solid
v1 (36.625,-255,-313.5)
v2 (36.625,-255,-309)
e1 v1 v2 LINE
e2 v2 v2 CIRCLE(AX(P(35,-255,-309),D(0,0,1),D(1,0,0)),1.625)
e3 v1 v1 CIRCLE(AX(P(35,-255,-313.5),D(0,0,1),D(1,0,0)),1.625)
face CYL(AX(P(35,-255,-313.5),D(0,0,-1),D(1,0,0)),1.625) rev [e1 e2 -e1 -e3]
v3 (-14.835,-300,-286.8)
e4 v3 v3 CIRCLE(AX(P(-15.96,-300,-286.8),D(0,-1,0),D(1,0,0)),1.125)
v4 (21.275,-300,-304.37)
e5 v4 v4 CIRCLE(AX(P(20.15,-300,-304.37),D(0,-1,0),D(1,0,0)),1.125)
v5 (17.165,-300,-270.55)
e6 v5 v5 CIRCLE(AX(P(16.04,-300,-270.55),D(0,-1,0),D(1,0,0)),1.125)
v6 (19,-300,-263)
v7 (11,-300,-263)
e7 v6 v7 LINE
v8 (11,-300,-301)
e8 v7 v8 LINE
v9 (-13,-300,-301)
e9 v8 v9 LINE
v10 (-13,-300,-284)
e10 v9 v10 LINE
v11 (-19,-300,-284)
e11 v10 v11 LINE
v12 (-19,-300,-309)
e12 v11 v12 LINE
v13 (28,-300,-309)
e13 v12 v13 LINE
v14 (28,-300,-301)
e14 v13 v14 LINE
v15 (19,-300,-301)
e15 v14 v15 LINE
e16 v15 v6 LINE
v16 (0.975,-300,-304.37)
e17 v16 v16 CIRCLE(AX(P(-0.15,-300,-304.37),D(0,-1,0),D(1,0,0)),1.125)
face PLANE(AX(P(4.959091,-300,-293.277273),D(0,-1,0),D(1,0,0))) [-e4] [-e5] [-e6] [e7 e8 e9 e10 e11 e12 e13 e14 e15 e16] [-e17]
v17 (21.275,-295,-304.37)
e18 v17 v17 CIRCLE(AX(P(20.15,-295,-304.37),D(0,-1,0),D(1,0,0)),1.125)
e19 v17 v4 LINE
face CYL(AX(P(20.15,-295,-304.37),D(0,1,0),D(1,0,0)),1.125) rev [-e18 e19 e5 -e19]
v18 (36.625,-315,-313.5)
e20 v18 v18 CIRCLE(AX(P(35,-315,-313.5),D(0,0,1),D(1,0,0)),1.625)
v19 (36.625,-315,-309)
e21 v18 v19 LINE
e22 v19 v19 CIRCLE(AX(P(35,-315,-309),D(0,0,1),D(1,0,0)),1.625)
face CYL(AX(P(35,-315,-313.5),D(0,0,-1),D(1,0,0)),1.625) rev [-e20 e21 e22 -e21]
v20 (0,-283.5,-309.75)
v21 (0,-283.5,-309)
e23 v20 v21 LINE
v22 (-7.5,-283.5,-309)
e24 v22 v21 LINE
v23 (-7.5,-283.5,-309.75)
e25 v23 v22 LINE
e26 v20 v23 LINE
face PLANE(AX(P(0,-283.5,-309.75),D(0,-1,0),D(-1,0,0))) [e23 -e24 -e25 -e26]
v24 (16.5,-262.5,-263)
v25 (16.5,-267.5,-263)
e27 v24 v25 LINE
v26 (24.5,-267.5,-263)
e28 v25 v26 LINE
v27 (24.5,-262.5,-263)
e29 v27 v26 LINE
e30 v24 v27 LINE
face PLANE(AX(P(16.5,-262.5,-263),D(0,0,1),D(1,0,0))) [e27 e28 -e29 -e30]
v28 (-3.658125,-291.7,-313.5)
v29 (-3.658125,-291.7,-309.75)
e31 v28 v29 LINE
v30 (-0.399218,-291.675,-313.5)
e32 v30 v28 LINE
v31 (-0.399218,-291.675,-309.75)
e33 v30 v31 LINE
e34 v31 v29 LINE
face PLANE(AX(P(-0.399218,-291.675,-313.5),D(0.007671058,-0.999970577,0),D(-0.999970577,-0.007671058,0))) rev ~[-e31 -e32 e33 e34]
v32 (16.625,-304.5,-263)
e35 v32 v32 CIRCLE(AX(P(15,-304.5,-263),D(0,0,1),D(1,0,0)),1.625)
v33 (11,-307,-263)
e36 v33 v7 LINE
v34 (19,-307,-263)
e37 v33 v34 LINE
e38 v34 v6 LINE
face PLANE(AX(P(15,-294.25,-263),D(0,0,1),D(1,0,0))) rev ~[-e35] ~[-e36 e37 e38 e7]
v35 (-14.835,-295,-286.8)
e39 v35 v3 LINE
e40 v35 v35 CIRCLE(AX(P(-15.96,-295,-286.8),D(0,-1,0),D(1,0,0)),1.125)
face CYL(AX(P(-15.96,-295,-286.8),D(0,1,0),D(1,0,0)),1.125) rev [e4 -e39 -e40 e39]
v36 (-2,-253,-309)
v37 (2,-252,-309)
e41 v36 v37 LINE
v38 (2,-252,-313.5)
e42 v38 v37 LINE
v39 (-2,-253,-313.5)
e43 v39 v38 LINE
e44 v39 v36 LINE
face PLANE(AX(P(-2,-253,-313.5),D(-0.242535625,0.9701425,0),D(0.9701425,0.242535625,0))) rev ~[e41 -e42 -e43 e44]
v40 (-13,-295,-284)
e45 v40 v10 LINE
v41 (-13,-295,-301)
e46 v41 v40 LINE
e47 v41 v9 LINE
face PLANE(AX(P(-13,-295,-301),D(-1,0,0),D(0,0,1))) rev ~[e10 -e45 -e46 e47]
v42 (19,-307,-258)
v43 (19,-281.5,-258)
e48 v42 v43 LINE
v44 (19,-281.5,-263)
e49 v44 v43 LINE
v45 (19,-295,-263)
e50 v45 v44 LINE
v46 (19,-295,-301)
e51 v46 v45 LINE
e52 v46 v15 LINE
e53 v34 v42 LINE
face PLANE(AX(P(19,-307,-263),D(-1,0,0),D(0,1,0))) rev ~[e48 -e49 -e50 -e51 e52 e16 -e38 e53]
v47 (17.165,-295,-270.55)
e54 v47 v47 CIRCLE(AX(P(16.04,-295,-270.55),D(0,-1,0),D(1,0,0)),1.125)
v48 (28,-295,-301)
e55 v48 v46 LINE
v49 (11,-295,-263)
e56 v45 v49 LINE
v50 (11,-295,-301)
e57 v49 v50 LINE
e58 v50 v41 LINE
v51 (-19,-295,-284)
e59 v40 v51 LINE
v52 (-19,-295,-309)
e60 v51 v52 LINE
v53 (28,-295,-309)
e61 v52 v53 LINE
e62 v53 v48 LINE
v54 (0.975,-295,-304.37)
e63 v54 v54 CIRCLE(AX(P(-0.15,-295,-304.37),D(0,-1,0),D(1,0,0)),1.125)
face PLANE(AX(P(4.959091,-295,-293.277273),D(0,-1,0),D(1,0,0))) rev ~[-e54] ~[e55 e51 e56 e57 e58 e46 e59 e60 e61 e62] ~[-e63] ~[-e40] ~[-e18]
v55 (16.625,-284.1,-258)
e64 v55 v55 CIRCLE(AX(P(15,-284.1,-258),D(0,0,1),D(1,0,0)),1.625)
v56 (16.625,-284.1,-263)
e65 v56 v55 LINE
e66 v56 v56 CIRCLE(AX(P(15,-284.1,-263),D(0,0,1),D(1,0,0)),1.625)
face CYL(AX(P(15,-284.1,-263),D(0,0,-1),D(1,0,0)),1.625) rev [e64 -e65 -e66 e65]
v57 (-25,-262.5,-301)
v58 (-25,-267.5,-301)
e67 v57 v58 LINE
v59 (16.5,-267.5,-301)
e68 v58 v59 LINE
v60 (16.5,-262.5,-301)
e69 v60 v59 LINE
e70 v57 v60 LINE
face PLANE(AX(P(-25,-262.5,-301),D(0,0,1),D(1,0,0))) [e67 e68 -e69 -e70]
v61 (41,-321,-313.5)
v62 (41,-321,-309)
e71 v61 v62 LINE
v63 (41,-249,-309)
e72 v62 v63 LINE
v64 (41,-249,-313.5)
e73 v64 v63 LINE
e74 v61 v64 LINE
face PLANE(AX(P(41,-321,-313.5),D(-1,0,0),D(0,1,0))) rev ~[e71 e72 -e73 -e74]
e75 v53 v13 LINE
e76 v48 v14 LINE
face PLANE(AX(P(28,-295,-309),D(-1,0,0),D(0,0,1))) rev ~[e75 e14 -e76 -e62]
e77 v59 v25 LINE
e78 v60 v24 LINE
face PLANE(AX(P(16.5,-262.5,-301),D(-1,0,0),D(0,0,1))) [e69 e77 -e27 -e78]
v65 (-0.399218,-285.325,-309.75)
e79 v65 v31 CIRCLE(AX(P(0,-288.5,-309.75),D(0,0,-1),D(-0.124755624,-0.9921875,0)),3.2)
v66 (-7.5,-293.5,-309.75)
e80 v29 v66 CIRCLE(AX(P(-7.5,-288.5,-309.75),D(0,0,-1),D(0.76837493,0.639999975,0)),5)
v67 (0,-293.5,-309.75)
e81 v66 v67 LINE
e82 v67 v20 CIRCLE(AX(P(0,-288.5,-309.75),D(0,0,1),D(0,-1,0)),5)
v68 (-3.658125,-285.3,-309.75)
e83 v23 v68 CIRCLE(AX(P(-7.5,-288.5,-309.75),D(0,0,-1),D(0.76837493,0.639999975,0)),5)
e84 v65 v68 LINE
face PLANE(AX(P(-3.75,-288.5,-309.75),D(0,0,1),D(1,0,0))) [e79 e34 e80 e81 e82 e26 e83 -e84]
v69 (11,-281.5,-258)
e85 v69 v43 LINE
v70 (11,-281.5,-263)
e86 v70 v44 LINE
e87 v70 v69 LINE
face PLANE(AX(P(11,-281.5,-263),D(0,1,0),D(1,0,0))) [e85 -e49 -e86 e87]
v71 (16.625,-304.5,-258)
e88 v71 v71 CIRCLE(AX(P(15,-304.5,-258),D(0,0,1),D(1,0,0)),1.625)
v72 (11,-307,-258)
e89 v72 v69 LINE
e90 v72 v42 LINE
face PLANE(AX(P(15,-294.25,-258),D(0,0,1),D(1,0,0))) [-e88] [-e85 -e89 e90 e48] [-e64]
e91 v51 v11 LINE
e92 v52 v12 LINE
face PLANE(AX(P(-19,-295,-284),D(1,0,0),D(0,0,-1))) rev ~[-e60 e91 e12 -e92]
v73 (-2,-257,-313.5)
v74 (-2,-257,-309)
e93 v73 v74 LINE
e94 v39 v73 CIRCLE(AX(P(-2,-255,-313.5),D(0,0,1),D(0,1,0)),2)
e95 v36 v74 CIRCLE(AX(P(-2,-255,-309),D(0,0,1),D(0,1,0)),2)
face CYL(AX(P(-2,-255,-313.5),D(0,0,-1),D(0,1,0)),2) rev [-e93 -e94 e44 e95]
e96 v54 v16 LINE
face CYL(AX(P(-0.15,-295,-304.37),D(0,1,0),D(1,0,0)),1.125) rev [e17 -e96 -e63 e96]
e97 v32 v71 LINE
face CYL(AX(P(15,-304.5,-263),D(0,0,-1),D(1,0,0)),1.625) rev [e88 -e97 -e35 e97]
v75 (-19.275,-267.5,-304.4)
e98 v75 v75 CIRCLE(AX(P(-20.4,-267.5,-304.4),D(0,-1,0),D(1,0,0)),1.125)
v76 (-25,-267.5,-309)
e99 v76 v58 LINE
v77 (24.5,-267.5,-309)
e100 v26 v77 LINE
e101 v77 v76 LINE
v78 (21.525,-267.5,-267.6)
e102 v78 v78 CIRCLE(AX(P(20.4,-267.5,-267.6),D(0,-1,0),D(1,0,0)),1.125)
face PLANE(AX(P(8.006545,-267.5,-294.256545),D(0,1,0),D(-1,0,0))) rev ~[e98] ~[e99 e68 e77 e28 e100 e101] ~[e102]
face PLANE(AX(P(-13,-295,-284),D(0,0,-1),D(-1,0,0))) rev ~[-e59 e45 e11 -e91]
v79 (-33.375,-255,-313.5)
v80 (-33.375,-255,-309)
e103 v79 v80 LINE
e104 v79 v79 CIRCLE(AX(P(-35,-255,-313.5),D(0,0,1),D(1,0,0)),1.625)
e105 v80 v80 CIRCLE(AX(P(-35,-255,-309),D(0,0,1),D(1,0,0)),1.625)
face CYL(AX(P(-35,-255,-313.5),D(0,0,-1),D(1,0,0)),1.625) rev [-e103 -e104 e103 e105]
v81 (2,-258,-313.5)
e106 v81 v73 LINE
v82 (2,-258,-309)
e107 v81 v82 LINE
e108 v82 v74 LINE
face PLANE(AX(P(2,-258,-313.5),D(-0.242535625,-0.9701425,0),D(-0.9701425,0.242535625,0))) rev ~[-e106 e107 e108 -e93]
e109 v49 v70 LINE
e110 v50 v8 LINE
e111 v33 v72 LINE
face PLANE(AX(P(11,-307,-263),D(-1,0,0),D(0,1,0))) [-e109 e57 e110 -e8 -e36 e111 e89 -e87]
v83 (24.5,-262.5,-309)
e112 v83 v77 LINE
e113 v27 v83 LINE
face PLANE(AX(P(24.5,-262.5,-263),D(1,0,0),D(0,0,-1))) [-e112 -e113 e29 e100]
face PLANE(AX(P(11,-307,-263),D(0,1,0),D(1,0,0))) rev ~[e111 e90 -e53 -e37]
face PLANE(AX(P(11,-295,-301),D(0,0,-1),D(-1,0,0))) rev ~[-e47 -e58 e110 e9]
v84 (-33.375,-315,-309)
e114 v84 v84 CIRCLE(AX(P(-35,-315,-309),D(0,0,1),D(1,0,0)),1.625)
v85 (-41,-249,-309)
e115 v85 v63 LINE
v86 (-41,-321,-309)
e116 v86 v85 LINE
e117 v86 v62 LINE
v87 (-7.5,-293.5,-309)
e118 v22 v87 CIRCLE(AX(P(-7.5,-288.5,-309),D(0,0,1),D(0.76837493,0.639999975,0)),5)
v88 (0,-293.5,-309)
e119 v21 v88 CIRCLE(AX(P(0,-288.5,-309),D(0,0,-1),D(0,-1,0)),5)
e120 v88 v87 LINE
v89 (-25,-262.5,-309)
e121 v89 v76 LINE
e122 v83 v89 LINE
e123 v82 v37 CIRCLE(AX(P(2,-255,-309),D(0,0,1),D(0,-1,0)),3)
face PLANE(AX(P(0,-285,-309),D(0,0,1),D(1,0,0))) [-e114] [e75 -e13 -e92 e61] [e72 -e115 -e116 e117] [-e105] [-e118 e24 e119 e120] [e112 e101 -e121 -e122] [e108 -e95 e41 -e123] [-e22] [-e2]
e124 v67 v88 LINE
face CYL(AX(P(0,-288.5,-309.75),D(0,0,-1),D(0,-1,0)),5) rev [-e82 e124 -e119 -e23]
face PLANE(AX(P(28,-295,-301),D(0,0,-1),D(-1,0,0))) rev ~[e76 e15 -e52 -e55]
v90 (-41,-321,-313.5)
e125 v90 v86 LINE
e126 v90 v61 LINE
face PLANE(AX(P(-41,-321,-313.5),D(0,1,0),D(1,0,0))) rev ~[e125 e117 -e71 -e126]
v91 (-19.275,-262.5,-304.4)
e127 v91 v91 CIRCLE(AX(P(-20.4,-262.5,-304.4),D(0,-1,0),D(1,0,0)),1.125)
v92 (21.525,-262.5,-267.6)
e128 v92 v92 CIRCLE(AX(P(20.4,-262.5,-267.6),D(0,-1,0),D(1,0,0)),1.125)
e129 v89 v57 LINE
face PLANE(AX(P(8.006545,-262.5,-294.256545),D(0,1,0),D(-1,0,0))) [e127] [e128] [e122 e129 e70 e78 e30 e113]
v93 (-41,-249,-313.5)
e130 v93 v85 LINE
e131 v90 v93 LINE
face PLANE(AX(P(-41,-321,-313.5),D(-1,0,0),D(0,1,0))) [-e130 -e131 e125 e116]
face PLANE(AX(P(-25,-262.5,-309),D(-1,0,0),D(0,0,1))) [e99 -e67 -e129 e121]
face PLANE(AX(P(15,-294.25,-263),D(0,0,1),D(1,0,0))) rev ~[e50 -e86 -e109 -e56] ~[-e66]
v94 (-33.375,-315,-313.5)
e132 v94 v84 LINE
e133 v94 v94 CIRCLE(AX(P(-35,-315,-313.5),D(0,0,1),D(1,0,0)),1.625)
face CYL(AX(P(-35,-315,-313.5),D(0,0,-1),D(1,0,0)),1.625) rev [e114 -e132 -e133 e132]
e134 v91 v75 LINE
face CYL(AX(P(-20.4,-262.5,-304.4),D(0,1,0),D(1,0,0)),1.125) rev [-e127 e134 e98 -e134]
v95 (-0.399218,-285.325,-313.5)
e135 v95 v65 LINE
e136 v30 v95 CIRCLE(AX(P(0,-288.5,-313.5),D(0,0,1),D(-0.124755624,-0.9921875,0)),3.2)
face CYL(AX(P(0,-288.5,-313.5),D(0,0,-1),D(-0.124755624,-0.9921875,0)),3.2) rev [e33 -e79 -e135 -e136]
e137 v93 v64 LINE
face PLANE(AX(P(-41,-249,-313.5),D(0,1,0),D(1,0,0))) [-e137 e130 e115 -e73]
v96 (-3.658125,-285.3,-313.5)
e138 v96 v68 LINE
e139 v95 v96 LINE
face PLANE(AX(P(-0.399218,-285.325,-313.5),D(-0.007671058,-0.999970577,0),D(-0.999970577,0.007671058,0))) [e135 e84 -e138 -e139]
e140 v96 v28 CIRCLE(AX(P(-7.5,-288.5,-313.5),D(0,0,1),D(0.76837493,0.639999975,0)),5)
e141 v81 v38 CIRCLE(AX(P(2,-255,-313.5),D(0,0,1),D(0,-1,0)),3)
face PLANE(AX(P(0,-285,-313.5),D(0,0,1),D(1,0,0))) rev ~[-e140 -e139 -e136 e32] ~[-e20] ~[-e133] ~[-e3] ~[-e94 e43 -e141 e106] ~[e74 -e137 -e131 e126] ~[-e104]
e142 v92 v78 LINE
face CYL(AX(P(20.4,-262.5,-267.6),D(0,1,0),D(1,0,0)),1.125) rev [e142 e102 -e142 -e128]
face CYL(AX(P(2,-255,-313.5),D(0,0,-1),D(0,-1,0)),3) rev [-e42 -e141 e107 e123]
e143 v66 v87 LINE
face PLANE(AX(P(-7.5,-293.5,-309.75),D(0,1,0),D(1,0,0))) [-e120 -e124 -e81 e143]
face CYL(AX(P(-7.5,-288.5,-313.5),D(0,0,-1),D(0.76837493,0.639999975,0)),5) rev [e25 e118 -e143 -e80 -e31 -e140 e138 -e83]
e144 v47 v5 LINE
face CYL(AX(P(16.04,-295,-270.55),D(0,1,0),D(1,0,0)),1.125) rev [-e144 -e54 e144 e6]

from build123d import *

# Parameters (mm, degrees)
EXTRUDE031_DEPTH = 5
SKETCH021_R      = 1.125
EXTRUDE005_DEPTH = 5
SKETCH020_W      = 8
SKETCH020_H      = 25.5
SKETCH020_R      = 1.625
EXTRUDE004_DEPTH = 5
SKETCH019_R      = 1.125
EXTRUDE003_DEPTH = 5
SKETCH093_W      = 82
SKETCH093_H      = 72
SKETCH093_R      = 1.625
EXTRUDE030_DEPTH = 4.5


with BuildPart() as basemiccut:
    # Sketch094 → Extrude031 (new body)
    with BuildSketch(Plane.XY):
        with BuildLine():
            ThreePointArc((-7.5, -283.5), (-12.5, -288.5), (-7.5, -293.5))
            Line((-7.5, -293.5), (0, -293.5))
            ThreePointArc((0, -293.5), (5, -288.5), (0, -283.5))
            Line((0, -283.5), (-7.5, -283.5))
        make_face()
    extrude(amount=EXTRUDE031_DEPTH)


with BuildPart() as basemiccut_1:
    # Extrude031 placement: moved
    add(basemiccut.part.moved(Location((0, 0, -309.75))))


with BuildPart() as ipshold:
    # Sketch021 (on Extrude) → Extrude005 (new body)
    with BuildSketch(Plane.XZ):
        Polygon((-25, -309), (-25, -301), (16.5, -301), (16.5, -263), (24.5, -263), (24.5, -309), align=None)
        with Locations((-20.4, -304.4)):
            Circle(SKETCH021_R, mode=Mode.SUBTRACT)
        with Locations((20.4, -267.6)):
            Circle(SKETCH021_R, mode=Mode.SUBTRACT)
    extrude(amount=EXTRUDE005_DEPTH)


with BuildPart() as ipshold_1:
    # Extrude005 placement: moved
    add(ipshold.part.moved(Location((0, -262.5, 0))))


with BuildPart() as gpshold:
    # Sketch020 → Extrude004 (new body)
    with BuildSketch(Plane.XY.offset(-263)):
        with Locations((15, -294.25)):
            Rectangle(SKETCH020_W, SKETCH020_H)
        with Locations((15, -284.1)):
            Circle(SKETCH020_R, mode=Mode.SUBTRACT)
        with Locations((15, -304.5)):
            Circle(SKETCH020_R, mode=Mode.SUBTRACT)
    extrude(amount=EXTRUDE004_DEPTH)


with BuildPart() as i2chold:
    # Sketch019 → Extrude003 (new body)
    with BuildSketch(Plane.XZ.offset(295)):
        Polygon((28, -309), (28, -301), (19, -301), (19, -263), (11, -263), (11, -301), (-13, -301), (-13, -284), (-19, -284), (-19, -309), align=None)
        with Locations((-15.96, -286.8)):
            Circle(SKETCH019_R, mode=Mode.SUBTRACT)
        with Locations((-0.15, -304.37)):
            Circle(SKETCH019_R, mode=Mode.SUBTRACT)
        with Locations((20.15, -304.37)):
            Circle(SKETCH019_R, mode=Mode.SUBTRACT)
        with Locations((16.04, -270.55)):
            Circle(SKETCH019_R, mode=Mode.SUBTRACT)
    extrude(amount=EXTRUDE003_DEPTH)


with BuildPart() as base012:
    # Sketch093 → Extrude030 (new body)
    with BuildSketch(Plane.XY):
        with Locations((0, -285)):
            Rectangle(SKETCH093_W, SKETCH093_H)
        with Locations((-35, -315)):
            Circle(SKETCH093_R, mode=Mode.SUBTRACT)
        with Locations((35, -315)):
            Circle(SKETCH093_R, mode=Mode.SUBTRACT)
        with Locations((35, -255)):
            Circle(SKETCH093_R, mode=Mode.SUBTRACT)
        with Locations((-35, -255)):
            Circle(SKETCH093_R, mode=Mode.SUBTRACT)
        with BuildLine():
            ThreePointArc((-3.658125, -285.3), (-12.5, -288.5), (-3.658125, -291.7))
            Line((-0.399218, -291.675), (-3.658125, -291.7))
            ThreePointArc((-0.399218, -291.675), (3.2, -288.5), (-0.399218, -285.325))
            Line((-0.399218, -285.325), (-3.658125, -285.3))
        make_face(mode=Mode.SUBTRACT)
        with BuildLine():
            ThreePointArc((-2, -253), (-4, -255), (-2, -257))
            Line((2, -258), (-2, -257))
            ThreePointArc((2, -258), (5, -255), (2, -252))
            Line((-2, -253), (2, -252))
        make_face(mode=Mode.SUBTRACT)
    extrude(amount=EXTRUDE030_DEPTH)


with BuildPart() as base012_1:
    # Extrude030 placement: moved
    add(base012.part.moved(Location((0, 0, -313.5))))

    # Fusion078: union ipsHold, gpsHold, i2cHold
    add(ipshold_1.part)
    add(gpshold.part)
    add(i2chold.part)

    # Cut035: cut baseMicCut
    add(basemiccut_1.part, mode=Mode.SUBTRACT)


solid = base012_1.part
